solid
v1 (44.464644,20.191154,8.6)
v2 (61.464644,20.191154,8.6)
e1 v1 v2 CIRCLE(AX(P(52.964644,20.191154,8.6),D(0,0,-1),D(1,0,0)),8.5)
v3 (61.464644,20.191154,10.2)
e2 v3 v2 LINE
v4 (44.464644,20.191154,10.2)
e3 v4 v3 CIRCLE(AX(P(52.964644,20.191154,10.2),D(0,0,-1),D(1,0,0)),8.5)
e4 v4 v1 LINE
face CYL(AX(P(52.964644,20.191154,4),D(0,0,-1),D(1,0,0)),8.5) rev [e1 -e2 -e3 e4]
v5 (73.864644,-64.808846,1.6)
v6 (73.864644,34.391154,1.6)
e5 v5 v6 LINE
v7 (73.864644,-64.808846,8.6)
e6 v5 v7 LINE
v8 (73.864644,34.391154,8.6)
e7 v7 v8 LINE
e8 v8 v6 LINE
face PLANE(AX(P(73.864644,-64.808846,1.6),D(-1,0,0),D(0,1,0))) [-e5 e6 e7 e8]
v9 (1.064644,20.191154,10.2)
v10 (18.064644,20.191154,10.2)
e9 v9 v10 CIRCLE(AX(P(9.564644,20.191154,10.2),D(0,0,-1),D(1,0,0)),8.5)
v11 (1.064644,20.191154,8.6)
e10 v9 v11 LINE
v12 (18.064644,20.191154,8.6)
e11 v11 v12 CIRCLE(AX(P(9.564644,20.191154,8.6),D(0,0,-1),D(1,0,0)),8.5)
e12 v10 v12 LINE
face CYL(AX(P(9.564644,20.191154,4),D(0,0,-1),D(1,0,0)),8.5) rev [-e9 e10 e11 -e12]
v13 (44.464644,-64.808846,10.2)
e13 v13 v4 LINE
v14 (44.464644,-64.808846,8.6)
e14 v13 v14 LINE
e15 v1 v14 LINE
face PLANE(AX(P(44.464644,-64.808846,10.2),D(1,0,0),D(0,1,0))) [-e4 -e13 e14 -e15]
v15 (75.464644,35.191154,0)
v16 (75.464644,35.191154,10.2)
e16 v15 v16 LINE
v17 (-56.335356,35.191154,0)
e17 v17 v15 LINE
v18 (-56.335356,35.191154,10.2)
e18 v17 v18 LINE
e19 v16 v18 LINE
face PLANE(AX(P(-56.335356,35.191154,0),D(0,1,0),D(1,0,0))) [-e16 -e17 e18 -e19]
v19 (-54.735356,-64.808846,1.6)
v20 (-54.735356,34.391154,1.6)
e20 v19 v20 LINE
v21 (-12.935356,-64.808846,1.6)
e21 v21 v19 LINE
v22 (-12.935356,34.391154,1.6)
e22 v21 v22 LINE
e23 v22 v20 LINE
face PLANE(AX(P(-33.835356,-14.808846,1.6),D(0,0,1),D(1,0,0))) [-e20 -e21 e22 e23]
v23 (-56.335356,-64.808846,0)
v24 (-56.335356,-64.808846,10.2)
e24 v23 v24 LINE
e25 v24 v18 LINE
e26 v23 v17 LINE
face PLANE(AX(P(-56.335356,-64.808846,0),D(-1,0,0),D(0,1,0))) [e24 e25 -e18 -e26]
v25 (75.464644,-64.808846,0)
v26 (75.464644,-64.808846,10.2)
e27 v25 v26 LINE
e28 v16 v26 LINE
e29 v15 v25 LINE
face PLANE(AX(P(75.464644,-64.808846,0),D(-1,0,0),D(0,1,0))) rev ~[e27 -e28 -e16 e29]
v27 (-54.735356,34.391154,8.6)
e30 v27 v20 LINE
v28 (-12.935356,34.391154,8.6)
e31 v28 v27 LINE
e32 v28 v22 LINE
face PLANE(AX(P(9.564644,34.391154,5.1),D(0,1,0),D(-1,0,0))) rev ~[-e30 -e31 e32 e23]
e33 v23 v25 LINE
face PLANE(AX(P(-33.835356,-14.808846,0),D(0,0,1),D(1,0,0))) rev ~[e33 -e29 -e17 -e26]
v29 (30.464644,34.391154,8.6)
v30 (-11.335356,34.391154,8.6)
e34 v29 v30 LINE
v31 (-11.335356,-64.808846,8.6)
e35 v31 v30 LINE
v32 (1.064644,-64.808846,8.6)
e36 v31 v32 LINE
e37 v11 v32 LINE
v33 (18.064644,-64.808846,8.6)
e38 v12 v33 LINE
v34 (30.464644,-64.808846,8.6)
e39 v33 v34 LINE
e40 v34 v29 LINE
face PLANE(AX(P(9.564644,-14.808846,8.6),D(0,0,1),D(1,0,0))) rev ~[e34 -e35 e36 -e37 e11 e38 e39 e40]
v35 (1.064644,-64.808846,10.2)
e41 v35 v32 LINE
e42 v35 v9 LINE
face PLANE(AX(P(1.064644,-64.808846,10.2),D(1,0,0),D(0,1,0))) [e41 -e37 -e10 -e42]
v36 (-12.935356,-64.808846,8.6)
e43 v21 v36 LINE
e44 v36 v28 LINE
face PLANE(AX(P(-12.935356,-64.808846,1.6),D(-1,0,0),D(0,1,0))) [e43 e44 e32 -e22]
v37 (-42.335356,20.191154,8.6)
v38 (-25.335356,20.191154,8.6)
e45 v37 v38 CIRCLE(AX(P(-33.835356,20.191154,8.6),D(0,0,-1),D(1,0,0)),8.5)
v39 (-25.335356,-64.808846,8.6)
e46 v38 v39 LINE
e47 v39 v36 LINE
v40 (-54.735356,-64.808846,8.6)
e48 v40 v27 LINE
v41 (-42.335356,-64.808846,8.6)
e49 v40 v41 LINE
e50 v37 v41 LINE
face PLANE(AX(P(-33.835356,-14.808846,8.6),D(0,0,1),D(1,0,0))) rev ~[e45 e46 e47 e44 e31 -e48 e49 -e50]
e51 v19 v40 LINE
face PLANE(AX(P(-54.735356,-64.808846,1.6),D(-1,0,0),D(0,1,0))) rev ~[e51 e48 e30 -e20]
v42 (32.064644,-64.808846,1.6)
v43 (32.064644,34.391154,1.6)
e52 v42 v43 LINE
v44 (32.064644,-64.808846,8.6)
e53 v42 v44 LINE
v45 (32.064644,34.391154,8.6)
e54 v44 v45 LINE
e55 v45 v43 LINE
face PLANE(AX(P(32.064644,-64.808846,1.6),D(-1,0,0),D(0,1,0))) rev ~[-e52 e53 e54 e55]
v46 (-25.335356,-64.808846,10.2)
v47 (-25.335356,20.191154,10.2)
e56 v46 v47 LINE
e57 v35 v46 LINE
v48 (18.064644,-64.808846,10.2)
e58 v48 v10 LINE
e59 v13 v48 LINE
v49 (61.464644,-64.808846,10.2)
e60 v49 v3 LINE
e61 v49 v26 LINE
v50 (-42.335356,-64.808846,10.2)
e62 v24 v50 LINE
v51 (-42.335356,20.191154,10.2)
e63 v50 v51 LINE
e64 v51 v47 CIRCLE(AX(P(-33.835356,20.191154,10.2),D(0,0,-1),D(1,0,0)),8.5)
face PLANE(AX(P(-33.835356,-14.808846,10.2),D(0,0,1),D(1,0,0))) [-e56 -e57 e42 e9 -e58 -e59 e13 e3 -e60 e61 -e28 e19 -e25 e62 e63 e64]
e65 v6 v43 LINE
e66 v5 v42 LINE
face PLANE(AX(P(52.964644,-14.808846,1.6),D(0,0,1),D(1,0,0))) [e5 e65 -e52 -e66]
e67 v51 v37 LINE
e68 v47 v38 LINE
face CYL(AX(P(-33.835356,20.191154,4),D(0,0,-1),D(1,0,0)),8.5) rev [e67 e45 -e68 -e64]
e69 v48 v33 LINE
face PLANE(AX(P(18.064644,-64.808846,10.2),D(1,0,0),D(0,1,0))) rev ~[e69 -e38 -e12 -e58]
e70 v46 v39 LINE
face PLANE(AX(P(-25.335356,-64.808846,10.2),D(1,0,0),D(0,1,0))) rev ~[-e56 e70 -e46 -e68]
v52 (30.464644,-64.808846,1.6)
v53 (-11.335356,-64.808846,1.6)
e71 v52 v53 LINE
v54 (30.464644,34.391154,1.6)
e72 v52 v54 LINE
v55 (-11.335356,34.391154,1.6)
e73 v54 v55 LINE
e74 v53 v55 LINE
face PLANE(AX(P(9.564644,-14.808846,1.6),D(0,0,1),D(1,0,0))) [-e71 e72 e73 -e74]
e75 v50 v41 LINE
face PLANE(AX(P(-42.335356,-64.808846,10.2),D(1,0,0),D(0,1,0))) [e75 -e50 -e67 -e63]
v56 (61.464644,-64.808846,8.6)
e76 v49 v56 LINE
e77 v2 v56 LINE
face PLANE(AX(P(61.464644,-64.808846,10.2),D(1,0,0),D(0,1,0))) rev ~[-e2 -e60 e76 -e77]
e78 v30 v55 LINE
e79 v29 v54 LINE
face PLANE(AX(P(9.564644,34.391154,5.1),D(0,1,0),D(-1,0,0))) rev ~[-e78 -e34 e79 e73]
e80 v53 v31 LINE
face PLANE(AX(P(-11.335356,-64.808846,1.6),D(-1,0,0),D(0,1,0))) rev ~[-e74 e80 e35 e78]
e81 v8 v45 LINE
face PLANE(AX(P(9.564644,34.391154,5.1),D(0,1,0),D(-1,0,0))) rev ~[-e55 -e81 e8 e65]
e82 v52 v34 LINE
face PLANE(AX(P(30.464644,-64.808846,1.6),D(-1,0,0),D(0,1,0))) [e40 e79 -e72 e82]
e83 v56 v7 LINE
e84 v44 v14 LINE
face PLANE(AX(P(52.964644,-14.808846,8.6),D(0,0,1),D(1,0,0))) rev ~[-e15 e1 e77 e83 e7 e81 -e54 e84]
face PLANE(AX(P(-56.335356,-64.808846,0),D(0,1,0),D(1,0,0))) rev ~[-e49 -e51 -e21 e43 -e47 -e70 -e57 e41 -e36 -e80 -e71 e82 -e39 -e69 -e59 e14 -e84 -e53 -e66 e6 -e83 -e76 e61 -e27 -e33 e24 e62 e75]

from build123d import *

# Parameters (mm, degrees)
F0_W      = 45
F0_H      = 100
F1_DEPTH  = 10.2
F2_W      = 17
F2_H      = 85
F3_DEPTH  = 8.6
F4_W      = 41.8
F4_H      = 100
F5_DEPTH  = 7
F8_R      = 8.5
F9_DEPTH  = 10
F14_W     = 131.8
F14_H     = 10.2
F15_DEPTH = 0.8


with BuildPart() as f1:
    # F0 (on Top) → F1 (new body)
    with BuildSketch(Plane.XY):
        with Locations((-33.8353561237, -14.8088461805)):
            Rectangle(F0_W, F0_H)
    extrude(amount=F1_DEPTH)

    # F2 (on face) → F3 (cut)
    with BuildSketch(Plane.XY.offset(10.2)):
        with Locations((-33.8353561237, -22.3088461805)):
            Rectangle(F2_W, F2_H)
    extrude(amount=-F3_DEPTH, mode=Mode.SUBTRACT)


with BuildPart() as f5:
    # F4 (on Top) → F5 (new body)
    with BuildSketch(Plane.XY):
        with Locations((-35.4353561237, -14.8088461805)):
            Rectangle(F4_W, F4_H)
    extrude(amount=F5_DEPTH)


with BuildPart() as f5_1:
    # F6: moved
    add(f5.part.moved(Location((1.6, 0, 1.6))))


with BuildPart() as f1_1:
    add(f1.part)

    # F7: cut F5
    add(f5_1.part, mode=Mode.SUBTRACT)


with BuildPart() as f9:
    # F8 (on Top) → F9 (new body)
    with BuildSketch(Plane.XY):
        with Locations((-33.8353561237, -64.8088461805)):
            Circle(F8_R)
    extrude(amount=F9_DEPTH)


with BuildPart() as f9_1:
    # F10: moved
    add(f9.part.moved(Location((0, 85, 4))))


with BuildPart() as f1_2:
    add(f1_1.part)

    # F11: cut F9
    add(f9_1.part, mode=Mode.SUBTRACT)


with BuildPart() as f12_1:
    # F12: copy of F1
    add(f1_2.part.moved(Location((43.4, 0, 0))))


with BuildPart() as f13_1:
    # F13: copy of F12_1
    add(f12_1.part.moved(Location((43.4, 0, 0))))


with BuildPart() as f1_3:
    add(f1_2.part)

    add(f12_1.part)  # F15 merges F12_1

    add(f13_1.part)  # F15 merges F13_1
    # F14 (on face) → F15 (join)
    with BuildSketch(Plane(origin=(0, 35.1911538195, 0), x_dir=(-1, 0, 0), z_dir=(0, 1, 0))):
        with Locations((-9.5646438763, 5.1)):
            Rectangle(F14_W, F14_H)
    extrude(amount=-F15_DEPTH)


solid = f1_3.part
